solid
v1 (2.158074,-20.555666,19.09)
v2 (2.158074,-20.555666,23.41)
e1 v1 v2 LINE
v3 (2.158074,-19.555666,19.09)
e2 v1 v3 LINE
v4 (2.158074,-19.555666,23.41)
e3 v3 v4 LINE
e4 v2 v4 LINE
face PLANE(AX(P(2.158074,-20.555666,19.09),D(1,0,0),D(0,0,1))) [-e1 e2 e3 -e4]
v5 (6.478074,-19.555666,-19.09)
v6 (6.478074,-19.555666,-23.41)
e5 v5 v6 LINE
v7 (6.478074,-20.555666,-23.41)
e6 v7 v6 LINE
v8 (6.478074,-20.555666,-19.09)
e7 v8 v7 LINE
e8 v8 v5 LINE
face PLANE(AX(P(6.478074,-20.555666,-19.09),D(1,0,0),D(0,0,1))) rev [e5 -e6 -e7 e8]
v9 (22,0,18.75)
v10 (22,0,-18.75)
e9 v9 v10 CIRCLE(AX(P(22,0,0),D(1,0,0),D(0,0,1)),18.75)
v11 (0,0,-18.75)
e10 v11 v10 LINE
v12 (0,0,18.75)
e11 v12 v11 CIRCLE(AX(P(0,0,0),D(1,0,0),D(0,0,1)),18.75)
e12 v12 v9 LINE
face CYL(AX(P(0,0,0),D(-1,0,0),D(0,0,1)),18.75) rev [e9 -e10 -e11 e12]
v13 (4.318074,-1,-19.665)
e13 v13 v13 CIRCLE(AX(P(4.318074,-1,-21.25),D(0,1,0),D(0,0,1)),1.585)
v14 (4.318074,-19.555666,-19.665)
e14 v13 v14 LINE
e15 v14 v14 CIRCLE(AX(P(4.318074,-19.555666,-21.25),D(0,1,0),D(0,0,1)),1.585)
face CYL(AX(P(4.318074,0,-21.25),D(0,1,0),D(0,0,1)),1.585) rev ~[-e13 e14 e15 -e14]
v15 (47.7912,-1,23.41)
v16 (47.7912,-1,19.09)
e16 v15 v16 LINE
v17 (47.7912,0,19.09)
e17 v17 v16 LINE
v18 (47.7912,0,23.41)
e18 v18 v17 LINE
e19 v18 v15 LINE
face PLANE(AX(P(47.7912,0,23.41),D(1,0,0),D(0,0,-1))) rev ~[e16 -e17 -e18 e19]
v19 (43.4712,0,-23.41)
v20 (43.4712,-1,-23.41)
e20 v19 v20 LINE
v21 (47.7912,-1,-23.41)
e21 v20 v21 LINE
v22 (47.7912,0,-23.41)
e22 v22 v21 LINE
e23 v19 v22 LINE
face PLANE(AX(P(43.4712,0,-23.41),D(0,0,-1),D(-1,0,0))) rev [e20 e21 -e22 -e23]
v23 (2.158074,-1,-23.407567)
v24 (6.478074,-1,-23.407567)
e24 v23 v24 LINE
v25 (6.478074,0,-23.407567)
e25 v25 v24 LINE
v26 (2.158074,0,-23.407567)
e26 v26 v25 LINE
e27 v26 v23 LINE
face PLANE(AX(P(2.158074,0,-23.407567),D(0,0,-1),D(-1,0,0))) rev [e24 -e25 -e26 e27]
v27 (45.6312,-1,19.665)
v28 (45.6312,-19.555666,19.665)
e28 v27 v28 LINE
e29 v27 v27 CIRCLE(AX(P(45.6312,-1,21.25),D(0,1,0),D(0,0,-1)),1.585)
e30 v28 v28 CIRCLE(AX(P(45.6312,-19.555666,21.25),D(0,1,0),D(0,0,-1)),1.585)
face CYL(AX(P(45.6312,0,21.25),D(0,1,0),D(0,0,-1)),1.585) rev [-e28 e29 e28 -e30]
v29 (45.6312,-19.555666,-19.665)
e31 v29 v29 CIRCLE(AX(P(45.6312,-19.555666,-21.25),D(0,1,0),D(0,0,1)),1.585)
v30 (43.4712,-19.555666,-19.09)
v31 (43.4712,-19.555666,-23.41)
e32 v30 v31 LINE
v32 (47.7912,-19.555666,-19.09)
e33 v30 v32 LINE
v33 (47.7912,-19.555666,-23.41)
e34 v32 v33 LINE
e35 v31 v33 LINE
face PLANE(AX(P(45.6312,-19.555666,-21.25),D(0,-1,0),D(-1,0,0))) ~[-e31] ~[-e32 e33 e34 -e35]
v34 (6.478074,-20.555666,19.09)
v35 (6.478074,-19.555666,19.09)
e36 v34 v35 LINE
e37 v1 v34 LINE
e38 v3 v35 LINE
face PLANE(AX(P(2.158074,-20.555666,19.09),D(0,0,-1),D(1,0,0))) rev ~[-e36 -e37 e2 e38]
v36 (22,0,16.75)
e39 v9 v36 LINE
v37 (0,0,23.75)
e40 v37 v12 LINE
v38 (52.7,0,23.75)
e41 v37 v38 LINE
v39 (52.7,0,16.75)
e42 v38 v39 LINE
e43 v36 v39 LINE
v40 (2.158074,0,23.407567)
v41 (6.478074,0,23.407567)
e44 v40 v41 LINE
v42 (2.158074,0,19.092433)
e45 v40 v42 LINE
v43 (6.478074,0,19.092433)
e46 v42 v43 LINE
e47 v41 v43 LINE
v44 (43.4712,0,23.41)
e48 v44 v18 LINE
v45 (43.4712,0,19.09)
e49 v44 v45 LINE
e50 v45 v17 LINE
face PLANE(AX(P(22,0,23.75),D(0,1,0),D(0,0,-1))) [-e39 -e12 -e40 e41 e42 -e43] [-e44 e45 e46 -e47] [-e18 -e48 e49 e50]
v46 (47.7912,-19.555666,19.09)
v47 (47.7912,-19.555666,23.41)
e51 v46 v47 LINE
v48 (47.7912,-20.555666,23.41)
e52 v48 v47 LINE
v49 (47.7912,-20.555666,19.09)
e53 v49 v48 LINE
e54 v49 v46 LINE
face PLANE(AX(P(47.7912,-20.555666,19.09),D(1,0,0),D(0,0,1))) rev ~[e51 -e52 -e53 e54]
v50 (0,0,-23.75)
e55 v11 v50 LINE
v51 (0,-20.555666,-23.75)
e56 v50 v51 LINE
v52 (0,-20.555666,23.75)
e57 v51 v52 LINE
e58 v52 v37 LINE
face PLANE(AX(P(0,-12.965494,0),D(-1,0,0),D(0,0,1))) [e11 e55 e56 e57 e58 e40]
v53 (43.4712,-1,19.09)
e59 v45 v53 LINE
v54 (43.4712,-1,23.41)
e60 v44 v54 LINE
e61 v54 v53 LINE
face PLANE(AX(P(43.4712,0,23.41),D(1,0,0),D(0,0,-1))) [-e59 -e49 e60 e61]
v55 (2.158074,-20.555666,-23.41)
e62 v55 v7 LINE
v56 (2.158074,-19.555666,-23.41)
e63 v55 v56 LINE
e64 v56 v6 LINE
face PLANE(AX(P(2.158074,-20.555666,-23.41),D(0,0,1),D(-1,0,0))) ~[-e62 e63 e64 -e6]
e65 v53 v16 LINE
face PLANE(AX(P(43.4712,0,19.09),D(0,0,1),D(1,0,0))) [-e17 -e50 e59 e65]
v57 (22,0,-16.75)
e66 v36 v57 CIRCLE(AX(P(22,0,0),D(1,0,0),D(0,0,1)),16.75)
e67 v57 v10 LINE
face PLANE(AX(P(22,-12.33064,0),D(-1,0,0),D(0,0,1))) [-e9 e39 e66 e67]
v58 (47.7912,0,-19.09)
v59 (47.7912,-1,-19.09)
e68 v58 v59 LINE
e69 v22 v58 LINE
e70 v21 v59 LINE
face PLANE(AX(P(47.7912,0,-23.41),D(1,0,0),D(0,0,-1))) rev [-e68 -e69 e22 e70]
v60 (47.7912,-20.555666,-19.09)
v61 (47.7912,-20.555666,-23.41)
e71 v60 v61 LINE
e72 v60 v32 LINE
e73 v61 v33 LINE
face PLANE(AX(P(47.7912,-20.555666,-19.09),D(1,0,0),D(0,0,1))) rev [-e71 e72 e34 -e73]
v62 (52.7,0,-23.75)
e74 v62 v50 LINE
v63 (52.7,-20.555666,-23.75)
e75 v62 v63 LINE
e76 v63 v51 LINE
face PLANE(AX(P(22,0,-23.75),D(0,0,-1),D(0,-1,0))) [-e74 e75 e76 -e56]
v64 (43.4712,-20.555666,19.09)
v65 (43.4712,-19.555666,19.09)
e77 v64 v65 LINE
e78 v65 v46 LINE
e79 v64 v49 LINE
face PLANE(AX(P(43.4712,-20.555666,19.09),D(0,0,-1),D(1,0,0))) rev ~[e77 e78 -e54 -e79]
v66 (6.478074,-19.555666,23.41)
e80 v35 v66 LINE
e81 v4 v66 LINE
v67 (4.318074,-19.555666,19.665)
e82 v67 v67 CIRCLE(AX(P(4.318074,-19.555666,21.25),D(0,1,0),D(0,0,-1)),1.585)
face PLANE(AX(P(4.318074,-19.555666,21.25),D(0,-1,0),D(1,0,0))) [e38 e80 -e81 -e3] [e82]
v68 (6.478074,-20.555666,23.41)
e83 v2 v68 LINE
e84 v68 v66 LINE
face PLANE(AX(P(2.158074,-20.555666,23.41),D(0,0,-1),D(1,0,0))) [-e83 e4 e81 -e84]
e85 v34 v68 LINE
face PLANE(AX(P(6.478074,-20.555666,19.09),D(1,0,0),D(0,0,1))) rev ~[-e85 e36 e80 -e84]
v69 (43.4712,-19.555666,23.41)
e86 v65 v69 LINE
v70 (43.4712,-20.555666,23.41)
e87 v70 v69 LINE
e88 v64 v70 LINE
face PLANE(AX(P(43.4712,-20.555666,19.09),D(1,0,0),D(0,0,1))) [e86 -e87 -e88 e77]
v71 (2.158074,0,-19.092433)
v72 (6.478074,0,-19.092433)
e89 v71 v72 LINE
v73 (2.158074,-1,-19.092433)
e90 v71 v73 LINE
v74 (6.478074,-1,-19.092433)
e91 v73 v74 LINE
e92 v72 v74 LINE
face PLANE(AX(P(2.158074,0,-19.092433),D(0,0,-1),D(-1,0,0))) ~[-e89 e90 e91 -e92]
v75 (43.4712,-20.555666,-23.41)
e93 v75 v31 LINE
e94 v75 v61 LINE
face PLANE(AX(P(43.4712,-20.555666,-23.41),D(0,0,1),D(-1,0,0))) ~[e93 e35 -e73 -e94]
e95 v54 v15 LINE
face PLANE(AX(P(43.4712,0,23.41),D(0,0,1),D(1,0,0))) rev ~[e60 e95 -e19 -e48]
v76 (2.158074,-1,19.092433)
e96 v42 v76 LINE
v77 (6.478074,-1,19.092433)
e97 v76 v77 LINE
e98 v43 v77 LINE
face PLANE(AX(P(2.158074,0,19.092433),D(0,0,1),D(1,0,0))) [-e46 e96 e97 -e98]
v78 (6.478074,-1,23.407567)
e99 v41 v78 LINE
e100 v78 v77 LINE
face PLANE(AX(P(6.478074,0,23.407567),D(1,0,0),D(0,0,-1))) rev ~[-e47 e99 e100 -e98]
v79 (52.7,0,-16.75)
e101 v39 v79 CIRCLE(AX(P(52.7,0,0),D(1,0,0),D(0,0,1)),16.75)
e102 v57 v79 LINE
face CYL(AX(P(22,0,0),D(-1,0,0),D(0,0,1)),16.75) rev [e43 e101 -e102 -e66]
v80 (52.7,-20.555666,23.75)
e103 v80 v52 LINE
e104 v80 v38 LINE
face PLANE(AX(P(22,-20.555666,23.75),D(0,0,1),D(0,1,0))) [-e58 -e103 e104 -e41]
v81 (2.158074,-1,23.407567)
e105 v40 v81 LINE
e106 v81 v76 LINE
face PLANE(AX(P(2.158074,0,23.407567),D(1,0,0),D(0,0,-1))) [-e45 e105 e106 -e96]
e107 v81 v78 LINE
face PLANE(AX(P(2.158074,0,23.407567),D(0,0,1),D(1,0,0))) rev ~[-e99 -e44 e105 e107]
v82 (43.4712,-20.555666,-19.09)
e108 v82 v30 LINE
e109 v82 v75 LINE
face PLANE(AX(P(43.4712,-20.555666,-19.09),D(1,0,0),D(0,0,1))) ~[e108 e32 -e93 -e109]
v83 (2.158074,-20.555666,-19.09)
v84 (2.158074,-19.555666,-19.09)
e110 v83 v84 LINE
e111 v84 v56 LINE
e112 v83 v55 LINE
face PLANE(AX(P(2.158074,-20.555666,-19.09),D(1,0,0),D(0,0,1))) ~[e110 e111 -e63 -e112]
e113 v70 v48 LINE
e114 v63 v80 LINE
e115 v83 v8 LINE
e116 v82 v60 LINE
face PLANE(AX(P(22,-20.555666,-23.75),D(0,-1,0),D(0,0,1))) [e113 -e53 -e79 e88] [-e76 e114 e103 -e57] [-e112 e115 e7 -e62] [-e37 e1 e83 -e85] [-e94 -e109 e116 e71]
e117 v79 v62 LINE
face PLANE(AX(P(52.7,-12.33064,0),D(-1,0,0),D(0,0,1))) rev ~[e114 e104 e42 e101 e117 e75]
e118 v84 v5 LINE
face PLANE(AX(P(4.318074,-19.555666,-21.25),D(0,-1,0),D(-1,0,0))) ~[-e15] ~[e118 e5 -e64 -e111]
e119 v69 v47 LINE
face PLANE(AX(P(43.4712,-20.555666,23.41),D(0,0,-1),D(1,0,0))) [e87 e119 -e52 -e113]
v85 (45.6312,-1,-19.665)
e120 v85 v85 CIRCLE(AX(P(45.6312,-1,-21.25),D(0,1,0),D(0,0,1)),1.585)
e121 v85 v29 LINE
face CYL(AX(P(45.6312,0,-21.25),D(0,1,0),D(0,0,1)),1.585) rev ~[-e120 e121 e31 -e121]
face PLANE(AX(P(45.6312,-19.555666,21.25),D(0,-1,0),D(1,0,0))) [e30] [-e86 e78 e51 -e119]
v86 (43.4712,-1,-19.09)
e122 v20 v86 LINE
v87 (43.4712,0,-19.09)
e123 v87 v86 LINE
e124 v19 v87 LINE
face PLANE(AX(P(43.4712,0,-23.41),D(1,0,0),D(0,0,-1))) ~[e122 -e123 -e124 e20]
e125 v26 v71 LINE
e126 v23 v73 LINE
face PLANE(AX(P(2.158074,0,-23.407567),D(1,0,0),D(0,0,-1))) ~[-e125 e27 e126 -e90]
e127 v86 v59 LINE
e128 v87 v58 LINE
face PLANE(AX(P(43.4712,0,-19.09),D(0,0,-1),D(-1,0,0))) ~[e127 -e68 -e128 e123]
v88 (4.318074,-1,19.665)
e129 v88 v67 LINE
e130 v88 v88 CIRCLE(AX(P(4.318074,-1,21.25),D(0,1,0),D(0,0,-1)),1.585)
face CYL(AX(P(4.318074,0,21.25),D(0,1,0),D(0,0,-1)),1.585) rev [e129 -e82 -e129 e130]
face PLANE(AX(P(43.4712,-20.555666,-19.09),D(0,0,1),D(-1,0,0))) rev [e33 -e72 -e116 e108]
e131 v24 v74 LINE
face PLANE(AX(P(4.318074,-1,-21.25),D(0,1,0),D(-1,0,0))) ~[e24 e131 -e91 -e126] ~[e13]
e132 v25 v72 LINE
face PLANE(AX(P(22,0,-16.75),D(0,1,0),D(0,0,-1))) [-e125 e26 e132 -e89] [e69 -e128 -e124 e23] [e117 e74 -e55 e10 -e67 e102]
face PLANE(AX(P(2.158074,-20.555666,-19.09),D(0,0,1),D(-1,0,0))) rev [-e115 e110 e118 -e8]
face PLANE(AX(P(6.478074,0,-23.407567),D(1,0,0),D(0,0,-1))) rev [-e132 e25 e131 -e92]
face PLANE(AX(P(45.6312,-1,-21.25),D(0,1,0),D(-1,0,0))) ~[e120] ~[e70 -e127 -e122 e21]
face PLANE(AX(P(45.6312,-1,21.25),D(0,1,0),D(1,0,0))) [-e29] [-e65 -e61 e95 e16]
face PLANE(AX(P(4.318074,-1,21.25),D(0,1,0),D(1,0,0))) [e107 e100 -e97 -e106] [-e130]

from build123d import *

# Parameters (mm, degrees)
SALIENTE_EXTRUIR1_DEPTH = 22
SALIENTE_EXTRUIR2_DEPTH = 30.7
CORTAR_EXTRUIR2_REACH   = 63.351
CROQUIS4_R              = 1.585
CROQUIS5_W              = 4.32
CROQUIS5_H              = 4.315133256
CROQUIS5_H_2            = 4.32
CORTAR_EXTRUIR3_DEPTH   = 1
CROQUIS6_W              = 4.32
CROQUIS6_H              = 4.32
CORTAR_EXTRUIR4_DEPTH   = 1


with BuildPart() as part:
    # Croquis1 → Saliente-Extruir1 (new body)
    with BuildSketch(Plane(origin=(0, 0, 0), x_dir=(0, 0, -1), z_dir=(1, 0, 0))):
        with BuildLine():
            Line((-23.75, 0), (-18.75, 0))
            ThreePointArc((-18.75, 0), (0, -18.75), (18.75, 0))
            Line((18.75, 0), (23.75, 0))
            Line((23.75, 0), (23.75, -20.555666233))
            Line((23.75, -20.555666233), (-23.75, -20.555666233))
            Line((-23.75, -20.555666233), (-23.75, 0))
        make_face()
    extrude(amount=SALIENTE_EXTRUIR1_DEPTH)

    # Croquis2 → Saliente-Extruir2 (add)
    with BuildSketch(Plane(origin=(22, 0, 0), x_dir=(0, 0, -1), z_dir=(1, 0, 0))):
        with BuildLine():
            Line((16.75, 0), (23.75, 0))
            Line((23.75, 0), (23.75, -20.555666233))
            Line((23.75, -20.555666233), (-23.75, -20.555666233))
            Line((-23.75, -20.555666233), (-23.75, 0))
            Line((-23.75, 0), (-16.75, 0))
            ThreePointArc((-16.75, 0), (0, -16.75), (16.75, 0))
        make_face()
    extrude(amount=SALIENTE_EXTRUIR2_DEPTH)

    # Croquis4 → Cortar-Extruir2 (cut, up to next)
    with BuildSketch(Plane(origin=(0, 0, 0), x_dir=(1, 0, 0), z_dir=(0, 1, 0)), mode=Mode.PRIVATE) as cortar_extruir2_sk1:
        with Locations(Location((4.31807399, 21.25, 0), (0, 0, 270))):
            Circle(CROQUIS4_R)
    cortar_extruir2_tool1 = extrude(cortar_extruir2_sk1.sketch, amount=-CORTAR_EXTRUIR2_REACH, mode=Mode.PRIVATE) & part.part
    # Croquis4 → Cortar-Extruir2 (cut, up to next)
    with BuildSketch(Plane(origin=(0, 0, 0), x_dir=(1, 0, 0), z_dir=(0, 1, 0)), mode=Mode.PRIVATE) as cortar_extruir2_sk2:
        with Locations(Location((45.631200307, 21.25, 0), (0, 0, 270))):
            Circle(CROQUIS4_R)
    cortar_extruir2_tool2 = extrude(cortar_extruir2_sk2.sketch, amount=-CORTAR_EXTRUIR2_REACH, mode=Mode.PRIVATE) & part.part
    cortar_extruir2_1 = cortar_extruir2_tool1.solids().sort_by_distance((4.318074, 0, -21.25))[0]
    add(cortar_extruir2_1, mode=Mode.SUBTRACT)
    cortar_extruir2_2 = cortar_extruir2_tool2.solids().sort_by_distance((45.6312, 0, -21.25))[0]
    add(cortar_extruir2_2, mode=Mode.SUBTRACT)
    cortar_extruir2 = cortar_extruir2_1 + cortar_extruir2_2  # Cortar-Extruir2 as one shape, for the pattern or mirror that repeats it

    # Simetría1: Cortar-Extruir2 across plane
    add(cortar_extruir2.mirror(Plane.XY), mode=Mode.SUBTRACT)

    # Croquis5 → Cortar-Extruir3 (cut)
    with BuildSketch(Plane(origin=(0, 0, 0), x_dir=(1, 0, 0), z_dir=(0, 1, 0))):
        with Locations((4.31807399, -21.25)):
            Rectangle(CROQUIS5_W, CROQUIS5_H)
        with Locations((45.631200307, -21.25)):
            Rectangle(CROQUIS5_W, CROQUIS5_H_2)
    cortar_extruir3 = extrude(amount=-CORTAR_EXTRUIR3_DEPTH, mode=Mode.SUBTRACT)

    # Croquis6 → Cortar-Extruir4 (cut)
    with BuildSketch(Plane.XZ.offset(20.555666233)):
        with Locations((4.31807399, 21.25)):
            Rectangle(CROQUIS6_W, CROQUIS6_H)
        with Locations((45.631200307, 21.25)):
            Rectangle(CROQUIS6_W, CROQUIS6_H)
    cortar_extruir4 = extrude(amount=-CORTAR_EXTRUIR4_DEPTH, mode=Mode.SUBTRACT)

    # Simetría2: Cortar-Extruir3, Cortar-Extruir4 across plane
    add(cortar_extruir3.mirror(Plane.XY), mode=Mode.SUBTRACT)
    add(cortar_extruir4.mirror(Plane.XY), mode=Mode.SUBTRACT)


solid = part.part
